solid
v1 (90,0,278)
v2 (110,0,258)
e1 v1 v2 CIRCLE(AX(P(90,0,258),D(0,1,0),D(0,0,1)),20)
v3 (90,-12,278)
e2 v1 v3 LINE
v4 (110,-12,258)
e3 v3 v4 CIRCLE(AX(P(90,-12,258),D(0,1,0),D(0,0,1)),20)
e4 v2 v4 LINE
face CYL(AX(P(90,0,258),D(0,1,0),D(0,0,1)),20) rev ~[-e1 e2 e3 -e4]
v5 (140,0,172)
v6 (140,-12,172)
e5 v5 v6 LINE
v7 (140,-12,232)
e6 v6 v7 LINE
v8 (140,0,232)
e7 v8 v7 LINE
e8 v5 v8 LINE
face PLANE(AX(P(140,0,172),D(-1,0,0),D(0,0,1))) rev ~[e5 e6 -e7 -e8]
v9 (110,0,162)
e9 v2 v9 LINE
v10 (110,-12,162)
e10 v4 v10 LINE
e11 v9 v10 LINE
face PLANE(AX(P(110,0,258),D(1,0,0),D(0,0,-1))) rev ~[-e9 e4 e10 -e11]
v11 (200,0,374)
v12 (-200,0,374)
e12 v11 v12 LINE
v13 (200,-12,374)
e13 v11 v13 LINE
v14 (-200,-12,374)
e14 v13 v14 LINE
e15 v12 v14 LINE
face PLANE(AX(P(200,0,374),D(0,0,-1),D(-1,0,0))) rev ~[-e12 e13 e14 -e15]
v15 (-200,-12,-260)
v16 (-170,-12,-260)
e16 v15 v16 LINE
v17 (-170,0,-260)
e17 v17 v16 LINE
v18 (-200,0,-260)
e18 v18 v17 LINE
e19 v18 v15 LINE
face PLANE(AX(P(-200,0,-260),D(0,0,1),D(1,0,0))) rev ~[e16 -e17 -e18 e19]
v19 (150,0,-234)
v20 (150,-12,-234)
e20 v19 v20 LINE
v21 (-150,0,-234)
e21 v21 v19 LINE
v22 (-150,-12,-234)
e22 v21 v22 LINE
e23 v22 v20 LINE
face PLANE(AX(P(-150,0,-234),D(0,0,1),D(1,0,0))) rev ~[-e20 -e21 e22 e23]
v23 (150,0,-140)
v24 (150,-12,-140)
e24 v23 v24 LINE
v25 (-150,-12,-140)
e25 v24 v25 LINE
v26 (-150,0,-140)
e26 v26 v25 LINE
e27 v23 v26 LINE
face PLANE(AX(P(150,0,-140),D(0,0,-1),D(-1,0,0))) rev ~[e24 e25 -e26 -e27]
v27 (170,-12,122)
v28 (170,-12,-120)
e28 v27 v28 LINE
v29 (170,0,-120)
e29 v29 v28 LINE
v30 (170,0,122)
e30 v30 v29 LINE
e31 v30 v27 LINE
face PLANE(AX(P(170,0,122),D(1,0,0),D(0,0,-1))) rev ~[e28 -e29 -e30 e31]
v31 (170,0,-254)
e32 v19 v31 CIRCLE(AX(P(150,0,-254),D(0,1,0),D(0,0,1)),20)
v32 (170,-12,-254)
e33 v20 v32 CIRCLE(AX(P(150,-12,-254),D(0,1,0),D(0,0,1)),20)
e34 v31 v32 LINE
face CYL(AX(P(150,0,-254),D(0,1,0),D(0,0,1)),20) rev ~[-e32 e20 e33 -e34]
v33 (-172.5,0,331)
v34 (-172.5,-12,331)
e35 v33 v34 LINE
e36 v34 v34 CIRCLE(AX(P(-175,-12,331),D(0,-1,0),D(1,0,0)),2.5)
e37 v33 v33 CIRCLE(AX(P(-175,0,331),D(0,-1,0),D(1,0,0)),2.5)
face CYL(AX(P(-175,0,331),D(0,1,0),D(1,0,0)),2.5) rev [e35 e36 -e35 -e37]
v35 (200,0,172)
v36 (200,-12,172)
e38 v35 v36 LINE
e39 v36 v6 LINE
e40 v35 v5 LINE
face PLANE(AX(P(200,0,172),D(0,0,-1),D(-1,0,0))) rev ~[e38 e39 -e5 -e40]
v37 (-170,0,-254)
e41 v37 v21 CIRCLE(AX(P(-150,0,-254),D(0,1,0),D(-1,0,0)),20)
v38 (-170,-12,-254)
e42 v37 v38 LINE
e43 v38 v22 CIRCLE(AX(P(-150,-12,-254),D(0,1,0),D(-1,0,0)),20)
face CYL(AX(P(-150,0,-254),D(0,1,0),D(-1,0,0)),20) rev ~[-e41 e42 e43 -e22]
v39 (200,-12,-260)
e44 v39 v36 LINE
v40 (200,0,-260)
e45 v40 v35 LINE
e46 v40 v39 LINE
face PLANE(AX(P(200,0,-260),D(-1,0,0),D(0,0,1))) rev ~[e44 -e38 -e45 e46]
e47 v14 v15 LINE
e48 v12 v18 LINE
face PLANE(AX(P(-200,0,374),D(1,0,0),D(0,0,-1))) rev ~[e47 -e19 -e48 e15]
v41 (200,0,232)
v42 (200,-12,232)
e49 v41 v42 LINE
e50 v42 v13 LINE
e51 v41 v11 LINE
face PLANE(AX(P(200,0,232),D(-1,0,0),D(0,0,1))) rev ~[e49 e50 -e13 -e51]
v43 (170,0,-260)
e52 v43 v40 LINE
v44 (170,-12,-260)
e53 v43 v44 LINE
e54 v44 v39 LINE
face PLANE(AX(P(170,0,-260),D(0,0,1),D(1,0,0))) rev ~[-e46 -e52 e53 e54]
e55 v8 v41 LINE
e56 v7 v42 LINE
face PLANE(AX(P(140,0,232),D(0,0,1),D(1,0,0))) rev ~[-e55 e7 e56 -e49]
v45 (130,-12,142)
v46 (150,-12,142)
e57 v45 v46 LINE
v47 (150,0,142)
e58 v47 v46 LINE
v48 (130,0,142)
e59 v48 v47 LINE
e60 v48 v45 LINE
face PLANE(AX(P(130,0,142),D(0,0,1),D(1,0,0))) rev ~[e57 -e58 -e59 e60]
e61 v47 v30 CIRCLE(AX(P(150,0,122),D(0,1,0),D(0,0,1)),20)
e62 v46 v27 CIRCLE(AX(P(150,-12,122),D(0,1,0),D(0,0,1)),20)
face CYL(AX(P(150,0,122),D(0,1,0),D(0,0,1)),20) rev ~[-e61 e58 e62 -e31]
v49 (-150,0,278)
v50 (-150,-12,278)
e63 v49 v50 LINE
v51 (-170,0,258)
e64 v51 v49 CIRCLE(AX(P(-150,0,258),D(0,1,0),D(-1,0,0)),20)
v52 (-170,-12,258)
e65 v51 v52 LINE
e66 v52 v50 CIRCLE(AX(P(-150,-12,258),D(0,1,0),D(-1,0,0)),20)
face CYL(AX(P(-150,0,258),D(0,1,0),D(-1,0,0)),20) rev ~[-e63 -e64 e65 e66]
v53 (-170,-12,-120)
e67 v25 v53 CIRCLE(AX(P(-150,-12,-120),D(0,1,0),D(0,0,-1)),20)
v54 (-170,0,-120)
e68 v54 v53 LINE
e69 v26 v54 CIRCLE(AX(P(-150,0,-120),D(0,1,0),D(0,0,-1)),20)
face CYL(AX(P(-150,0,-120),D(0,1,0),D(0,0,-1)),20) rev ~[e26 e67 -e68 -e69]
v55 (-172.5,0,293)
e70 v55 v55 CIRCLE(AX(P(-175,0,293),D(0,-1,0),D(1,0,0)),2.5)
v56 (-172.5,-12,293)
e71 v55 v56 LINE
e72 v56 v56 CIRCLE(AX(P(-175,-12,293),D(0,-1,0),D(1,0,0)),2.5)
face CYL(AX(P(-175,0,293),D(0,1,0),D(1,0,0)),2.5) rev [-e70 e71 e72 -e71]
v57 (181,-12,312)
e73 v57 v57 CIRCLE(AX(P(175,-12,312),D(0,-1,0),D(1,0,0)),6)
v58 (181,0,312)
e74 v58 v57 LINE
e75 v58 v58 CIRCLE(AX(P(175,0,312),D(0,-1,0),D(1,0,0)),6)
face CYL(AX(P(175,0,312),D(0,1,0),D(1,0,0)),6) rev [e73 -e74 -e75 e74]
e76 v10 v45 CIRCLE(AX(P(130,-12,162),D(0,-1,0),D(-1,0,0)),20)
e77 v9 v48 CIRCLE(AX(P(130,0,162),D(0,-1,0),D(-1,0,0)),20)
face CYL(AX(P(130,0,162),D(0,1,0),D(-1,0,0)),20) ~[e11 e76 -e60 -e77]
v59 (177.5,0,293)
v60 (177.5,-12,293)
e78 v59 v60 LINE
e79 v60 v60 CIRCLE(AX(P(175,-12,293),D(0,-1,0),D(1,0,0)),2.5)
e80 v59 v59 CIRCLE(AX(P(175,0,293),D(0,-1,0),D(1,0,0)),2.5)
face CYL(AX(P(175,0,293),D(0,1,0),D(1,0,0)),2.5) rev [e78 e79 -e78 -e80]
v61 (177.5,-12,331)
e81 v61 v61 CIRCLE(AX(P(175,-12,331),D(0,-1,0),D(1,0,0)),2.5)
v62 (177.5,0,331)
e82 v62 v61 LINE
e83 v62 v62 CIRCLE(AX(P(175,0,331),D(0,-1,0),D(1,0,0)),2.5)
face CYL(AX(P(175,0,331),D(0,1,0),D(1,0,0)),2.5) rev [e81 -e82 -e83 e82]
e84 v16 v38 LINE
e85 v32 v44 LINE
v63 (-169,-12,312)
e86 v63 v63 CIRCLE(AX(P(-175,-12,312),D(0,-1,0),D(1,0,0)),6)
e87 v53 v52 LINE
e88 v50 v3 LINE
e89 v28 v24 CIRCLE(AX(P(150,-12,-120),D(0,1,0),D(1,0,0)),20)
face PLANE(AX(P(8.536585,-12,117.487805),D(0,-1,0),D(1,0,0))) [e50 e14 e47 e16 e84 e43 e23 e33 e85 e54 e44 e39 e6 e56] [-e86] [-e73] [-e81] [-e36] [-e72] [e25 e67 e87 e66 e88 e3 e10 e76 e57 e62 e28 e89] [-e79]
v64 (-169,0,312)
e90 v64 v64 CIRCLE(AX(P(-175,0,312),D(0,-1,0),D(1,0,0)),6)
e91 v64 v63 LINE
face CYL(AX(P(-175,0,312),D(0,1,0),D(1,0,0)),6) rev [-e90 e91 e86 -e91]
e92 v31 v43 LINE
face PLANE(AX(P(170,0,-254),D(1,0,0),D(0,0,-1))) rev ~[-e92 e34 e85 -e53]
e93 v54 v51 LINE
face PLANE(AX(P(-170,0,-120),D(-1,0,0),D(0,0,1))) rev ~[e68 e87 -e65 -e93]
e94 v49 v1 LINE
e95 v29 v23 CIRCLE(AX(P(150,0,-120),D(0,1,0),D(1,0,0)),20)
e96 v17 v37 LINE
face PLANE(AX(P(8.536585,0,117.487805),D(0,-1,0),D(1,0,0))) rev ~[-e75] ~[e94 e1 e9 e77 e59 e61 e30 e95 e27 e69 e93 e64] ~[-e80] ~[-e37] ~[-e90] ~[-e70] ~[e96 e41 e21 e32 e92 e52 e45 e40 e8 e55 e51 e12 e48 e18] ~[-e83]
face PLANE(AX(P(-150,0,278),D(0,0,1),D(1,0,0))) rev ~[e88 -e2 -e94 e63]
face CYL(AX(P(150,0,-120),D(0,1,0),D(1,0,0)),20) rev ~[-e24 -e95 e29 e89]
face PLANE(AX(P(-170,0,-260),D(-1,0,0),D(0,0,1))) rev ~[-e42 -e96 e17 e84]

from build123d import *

# Parameters (mm, degrees)
F1_R     = 2.5
F1_R_2   = 6
F1_W     = 400
F1_H     = 12
F1_H_2   = 60
F2_DEPTH = 12


with BuildPart() as f2:
    # F1 (on Front) → F2 (new body)
    with BuildSketch(Plane.XZ):
        Polygon((200, 232), (200, 374), (-200, 374), (-200, -150), (200, -150), (200, 172), (140, 172), (140, 232), align=None)
        with Locations((-175, 293)):
            Circle(F1_R, mode=Mode.SUBTRACT)
        with Locations((-175, 312)):
            Circle(F1_R_2, mode=Mode.SUBTRACT)
        with Locations((-175, 331)):
            Circle(F1_R, mode=Mode.SUBTRACT)
        with BuildLine():
            Line((-150, 278), (90, 278))
            ThreePointArc((90, 278), (104.1421356237, 272.1421356237), (110, 258))
            Line((110, 258), (110, 162))
            ThreePointArc((110, 162), (115.8578643763, 147.8578643763), (130, 142))
            Line((130, 142), (150, 142))
            ThreePointArc((150, 142), (164.1421356237, 136.1421356237), (170, 122))
            Line((170, 122), (170, -120))
            ThreePointArc((170, -120), (164.1421356237, -134.1421356237), (150, -140))
            Line((150, -140), (-150, -140))
            ThreePointArc((-150, -140), (-164.1421356237, -134.1421356237), (-170, -120))
            Line((-170, -120), (-170, 258))
            ThreePointArc((-170, 258), (-164.1421356237, 272.1421356237), (-150, 278))
        make_face(mode=Mode.SUBTRACT)
        with Locations((175, 293)):
            Circle(F1_R, mode=Mode.SUBTRACT)
        with Locations((175, 312)):
            Circle(F1_R_2, mode=Mode.SUBTRACT)
        with Locations((175, 331)):
            Circle(F1_R, mode=Mode.SUBTRACT)
        with Locations((0, -156)):
            Rectangle(F1_W, F1_H)
        with Locations((0, -192)):
            Rectangle(F1_W, F1_H_2)
        Polygon((200, -222), (-200, -222), (-200, -234), (-150, -234), (150, -234), (200, -234), align=None)
        with BuildLine():
            Line((200, -260), (200, -234))
            Line((200, -234), (150, -234))
            ThreePointArc((150, -234), (164.1421356237, -239.8578643763), (170, -254))
            Line((170, -254), (170, -260))
            Line((170, -260), (200, -260))
        make_face()
        with BuildLine():
            Line((-150, -234), (-200, -234))
            Line((-200, -234), (-200, -260))
            Line((-200, -260), (-170, -260))
            Line((-170, -260), (-170, -254))
            ThreePointArc((-170, -254), (-164.1421356237, -239.8578643763), (-150, -234))
        make_face()
    extrude(amount=F2_DEPTH)


solid = f2.part
